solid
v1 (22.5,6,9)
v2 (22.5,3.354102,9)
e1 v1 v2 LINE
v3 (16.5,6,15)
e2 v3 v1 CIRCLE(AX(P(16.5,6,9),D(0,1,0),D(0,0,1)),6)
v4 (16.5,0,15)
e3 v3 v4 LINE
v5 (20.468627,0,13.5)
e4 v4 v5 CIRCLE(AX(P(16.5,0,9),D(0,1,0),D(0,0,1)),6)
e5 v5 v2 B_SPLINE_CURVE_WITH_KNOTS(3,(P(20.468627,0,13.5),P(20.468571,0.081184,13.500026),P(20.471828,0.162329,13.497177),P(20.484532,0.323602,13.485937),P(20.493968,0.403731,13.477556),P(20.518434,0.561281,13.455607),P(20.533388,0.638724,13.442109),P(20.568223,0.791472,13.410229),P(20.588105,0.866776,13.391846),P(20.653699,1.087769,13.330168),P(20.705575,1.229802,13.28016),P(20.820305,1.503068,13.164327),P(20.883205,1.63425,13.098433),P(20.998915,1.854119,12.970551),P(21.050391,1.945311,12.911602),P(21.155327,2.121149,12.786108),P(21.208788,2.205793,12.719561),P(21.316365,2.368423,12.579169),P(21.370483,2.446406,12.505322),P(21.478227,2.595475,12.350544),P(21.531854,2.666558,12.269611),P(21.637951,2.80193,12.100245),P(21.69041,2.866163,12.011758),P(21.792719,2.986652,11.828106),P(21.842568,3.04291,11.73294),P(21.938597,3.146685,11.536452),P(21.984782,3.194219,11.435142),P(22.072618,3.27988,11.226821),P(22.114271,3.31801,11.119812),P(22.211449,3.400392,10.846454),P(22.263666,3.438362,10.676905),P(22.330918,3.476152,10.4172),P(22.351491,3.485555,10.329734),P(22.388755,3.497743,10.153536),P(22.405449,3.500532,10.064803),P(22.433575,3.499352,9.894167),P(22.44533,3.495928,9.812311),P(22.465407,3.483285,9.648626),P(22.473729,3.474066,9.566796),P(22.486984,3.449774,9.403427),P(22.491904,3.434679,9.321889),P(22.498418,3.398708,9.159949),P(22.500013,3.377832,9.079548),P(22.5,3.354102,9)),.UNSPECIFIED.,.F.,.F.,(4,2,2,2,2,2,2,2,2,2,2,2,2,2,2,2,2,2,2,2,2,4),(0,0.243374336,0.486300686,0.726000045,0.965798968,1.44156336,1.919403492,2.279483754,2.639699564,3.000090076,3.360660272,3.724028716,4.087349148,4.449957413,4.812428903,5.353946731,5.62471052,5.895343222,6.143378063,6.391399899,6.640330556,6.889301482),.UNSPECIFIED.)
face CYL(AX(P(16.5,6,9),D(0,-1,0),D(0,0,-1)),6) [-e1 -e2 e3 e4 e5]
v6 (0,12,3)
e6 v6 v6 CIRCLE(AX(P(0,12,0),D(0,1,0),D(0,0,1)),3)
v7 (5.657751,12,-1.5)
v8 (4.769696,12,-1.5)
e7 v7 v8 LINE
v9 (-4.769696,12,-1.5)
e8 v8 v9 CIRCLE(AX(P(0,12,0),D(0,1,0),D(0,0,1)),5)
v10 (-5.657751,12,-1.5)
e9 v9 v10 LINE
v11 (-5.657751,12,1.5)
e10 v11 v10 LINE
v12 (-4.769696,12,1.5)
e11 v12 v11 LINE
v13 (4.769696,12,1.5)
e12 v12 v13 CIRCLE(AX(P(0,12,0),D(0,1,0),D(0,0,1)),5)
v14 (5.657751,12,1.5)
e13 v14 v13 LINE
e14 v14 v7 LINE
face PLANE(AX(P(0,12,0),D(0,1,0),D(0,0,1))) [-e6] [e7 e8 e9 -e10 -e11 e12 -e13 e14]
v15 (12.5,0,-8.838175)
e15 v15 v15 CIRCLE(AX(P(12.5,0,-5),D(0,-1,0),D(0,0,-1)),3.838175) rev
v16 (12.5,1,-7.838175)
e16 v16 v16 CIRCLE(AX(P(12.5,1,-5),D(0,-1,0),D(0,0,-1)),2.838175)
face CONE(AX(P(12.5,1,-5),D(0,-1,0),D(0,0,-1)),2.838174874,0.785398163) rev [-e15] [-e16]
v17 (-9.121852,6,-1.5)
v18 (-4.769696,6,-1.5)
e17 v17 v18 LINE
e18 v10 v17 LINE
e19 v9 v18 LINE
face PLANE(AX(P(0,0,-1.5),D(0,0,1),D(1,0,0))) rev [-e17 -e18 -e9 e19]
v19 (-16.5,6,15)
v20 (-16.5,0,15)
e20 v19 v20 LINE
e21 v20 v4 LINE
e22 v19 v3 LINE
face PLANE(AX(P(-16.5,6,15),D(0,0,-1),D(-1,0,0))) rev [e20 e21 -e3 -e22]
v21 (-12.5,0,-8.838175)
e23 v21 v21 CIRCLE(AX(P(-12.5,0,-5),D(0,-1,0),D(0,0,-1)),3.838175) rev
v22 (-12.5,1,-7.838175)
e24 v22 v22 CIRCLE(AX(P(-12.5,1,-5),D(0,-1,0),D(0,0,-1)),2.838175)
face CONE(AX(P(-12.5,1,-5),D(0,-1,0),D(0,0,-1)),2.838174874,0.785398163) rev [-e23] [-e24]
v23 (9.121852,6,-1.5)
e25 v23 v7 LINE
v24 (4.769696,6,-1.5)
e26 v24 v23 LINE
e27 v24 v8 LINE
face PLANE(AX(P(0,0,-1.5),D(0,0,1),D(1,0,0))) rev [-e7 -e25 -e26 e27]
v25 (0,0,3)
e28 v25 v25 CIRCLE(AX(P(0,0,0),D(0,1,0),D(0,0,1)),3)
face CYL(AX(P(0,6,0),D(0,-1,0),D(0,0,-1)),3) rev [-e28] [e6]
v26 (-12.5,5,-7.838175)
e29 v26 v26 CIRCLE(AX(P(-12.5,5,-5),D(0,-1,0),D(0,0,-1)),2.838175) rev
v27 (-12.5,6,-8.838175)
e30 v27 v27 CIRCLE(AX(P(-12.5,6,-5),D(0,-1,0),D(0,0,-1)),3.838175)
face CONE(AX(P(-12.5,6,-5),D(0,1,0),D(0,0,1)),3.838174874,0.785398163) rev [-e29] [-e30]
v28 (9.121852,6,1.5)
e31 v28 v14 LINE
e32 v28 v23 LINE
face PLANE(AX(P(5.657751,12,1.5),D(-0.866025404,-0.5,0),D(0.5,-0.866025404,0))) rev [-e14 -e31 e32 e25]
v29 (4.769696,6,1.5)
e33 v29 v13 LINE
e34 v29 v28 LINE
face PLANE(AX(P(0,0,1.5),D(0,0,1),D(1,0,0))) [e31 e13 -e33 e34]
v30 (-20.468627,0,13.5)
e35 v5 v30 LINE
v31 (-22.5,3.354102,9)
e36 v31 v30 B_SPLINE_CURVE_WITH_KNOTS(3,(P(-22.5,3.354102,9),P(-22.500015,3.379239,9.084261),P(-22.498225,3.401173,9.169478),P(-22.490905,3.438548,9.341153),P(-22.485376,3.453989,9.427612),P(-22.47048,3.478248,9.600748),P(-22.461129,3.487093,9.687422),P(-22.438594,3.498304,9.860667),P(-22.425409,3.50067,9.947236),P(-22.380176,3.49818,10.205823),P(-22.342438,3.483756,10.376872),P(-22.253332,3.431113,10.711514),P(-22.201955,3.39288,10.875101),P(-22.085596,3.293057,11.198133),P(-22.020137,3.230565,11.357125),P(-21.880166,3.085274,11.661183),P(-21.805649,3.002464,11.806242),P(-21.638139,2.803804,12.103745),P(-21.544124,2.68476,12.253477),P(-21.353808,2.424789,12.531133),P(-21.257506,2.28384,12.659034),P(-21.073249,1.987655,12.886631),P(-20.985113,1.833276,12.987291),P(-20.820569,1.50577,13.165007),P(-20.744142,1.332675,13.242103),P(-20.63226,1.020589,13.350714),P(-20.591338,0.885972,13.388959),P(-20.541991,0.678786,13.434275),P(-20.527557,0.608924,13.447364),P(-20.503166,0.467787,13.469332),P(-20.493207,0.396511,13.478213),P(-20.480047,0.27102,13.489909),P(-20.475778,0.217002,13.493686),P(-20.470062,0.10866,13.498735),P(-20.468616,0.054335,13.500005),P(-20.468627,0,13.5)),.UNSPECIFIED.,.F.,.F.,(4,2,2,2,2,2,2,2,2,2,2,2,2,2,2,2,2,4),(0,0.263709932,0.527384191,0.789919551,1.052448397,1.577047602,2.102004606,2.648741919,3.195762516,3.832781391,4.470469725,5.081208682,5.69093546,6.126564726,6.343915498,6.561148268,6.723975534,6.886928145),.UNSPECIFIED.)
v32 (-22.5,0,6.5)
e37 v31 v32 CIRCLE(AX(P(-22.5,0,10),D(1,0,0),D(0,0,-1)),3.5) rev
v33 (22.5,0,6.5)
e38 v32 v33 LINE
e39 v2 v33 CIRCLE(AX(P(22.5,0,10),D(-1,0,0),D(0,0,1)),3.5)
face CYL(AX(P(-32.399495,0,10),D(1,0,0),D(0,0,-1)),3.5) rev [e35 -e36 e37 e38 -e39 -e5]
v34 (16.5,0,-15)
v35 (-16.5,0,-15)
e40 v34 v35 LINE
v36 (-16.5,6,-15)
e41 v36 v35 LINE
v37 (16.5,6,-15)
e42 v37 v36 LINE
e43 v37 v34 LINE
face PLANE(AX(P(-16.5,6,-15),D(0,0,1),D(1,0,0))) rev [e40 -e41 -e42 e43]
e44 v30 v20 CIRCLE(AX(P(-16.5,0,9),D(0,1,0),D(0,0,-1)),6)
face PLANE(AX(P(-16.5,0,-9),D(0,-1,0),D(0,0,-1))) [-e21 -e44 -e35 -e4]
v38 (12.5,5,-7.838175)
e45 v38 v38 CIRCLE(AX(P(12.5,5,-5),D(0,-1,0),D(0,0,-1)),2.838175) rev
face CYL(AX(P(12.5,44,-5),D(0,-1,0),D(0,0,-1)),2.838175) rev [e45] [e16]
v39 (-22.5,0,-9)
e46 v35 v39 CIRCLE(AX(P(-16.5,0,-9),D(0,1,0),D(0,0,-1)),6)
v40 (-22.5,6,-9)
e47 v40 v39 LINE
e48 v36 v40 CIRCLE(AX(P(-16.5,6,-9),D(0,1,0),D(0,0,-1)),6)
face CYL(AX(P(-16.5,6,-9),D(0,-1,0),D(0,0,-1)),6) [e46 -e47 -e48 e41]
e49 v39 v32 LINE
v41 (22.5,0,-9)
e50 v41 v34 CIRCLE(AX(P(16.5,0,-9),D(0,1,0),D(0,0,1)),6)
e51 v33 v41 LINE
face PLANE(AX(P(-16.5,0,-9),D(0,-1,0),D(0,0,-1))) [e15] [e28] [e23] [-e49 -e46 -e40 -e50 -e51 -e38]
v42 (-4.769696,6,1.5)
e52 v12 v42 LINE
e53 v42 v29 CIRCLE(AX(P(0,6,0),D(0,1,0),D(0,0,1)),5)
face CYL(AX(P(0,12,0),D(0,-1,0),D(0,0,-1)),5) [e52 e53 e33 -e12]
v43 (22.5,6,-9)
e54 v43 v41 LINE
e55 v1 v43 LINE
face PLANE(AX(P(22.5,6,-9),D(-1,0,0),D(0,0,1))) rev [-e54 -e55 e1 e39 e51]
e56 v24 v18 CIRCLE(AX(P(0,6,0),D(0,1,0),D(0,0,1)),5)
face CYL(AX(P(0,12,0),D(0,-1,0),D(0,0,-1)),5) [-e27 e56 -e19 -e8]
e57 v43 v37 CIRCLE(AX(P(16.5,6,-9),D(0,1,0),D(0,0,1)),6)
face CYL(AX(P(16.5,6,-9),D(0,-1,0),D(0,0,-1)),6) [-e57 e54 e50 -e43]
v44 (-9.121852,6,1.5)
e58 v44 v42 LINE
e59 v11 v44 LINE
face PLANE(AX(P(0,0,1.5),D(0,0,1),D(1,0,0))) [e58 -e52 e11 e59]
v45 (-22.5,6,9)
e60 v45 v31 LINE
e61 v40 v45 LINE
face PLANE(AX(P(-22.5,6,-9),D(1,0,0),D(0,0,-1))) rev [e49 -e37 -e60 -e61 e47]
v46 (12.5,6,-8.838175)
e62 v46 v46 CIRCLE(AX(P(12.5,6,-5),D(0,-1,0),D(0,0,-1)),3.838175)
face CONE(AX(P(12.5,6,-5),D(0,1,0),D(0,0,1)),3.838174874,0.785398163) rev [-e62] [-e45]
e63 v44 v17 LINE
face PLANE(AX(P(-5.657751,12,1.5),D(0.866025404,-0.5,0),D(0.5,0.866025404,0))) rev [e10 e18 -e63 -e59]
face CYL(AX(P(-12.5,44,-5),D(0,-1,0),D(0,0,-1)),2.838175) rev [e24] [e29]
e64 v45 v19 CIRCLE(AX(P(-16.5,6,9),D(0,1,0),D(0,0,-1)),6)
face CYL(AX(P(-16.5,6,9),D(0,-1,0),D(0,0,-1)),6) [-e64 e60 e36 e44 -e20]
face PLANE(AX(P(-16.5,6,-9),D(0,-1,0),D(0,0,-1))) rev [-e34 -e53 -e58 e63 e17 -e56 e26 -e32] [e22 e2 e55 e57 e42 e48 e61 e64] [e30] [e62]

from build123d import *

# Parameters (mm, degrees)
IZIM1_R                           = 3
Y_KSEKLIK_EKSTR_ZYON1_DEPTH       = 6
IZIM2_R                           = 5
IZIM2_R_2                         = 3
Y_KSEKLIK_EKSTR_ZYON2_DEPTH       = 6
Y_KSEKLIK_EKSTR_ZYON3_DEPTH       = 1.5
KES_EKSTR_ZYON1_REACH             = 31.585
IZIM5_R                           = 3.5
KES_EKSTR_ZYON1_DIRECTION_2_REACH = 31.585
IZIM6_R                           = 2.838174874
KES_EKSTR_ZYON2_DEPTH             = 44
PAH1_SIZE                         = 1


with BuildPart() as part:
    # Çizim1 → Yükseklik-Ekstrüzyon1 (new body)
    with BuildSketch(Plane(origin=(0, 0, 0), x_dir=(1, 0, 0), z_dir=(0, 1, 0))):
        with BuildLine():
            Line((-16.5, 15), (16.5, 15))
            ThreePointArc((16.5, 15), (20.742640687, 13.242640687), (22.5, 9))
            Line((22.5, 9), (22.5, -9))
            ThreePointArc((22.5, -9), (20.742640687, -13.242640687), (16.5, -15))
            Line((16.5, -15), (-16.5, -15))
            ThreePointArc((-16.5, -15), (-20.742640687, -13.242640687), (-22.5, -9))
            Line((-22.5, -9), (-22.5, 9))
            ThreePointArc((-22.5, 9), (-20.742640687, 13.242640687), (-16.5, 15))
        make_face()
        with Locations(Location((0, 0, 0), (0, 0, 270))):
            Circle(IZIM1_R, mode=Mode.SUBTRACT)
    extrude(amount=Y_KSEKLIK_EKSTR_ZYON1_DEPTH)

    # Çizim2 → Yükseklik-Ekstrüzyon2 (add)
    with BuildSketch(Plane(origin=(0, 6, 0), x_dir=(1, 0, 0), z_dir=(0, 1, 0))):
        with Locations(Location((0, 0, 0), (0, 0, 270))):
            Circle(IZIM2_R)
        with Locations(Location((0, 0, 0), (0, 0, 270))):
            Circle(IZIM2_R_2, mode=Mode.SUBTRACT)
    extrude(amount=Y_KSEKLIK_EKSTR_ZYON2_DEPTH)

    # Çizim4 → Yükseklik-Ekstrüzyon3 (add, symmetric)
    with BuildSketch(Plane.XY):
        Polygon((-5.65775064, 12), (-3.798545346, 12), (-3.798545346, 6), (-9.121852255, 6), align=None)
        Polygon((3.798545346, 12), (3.798545346, 6), (9.121852255, 6), (5.65775064, 12), align=None)
    extrude(amount=Y_KSEKLIK_EKSTR_ZYON3_DEPTH, both=True)

    # Kes-Ekstrüzyon1: up to this face of the body (flat: up to its plane)
    kes_ekstr_zyon1_end = Plane(part.part.faces().sort_by_distance((-22.5, 3, 0))[0])
    # Çizim5 → Kes-Ekstrüzyon1 (cut, up to the picked face)
    with BuildSketch(Plane(origin=(0, 0, 0), x_dir=(0, 0, -1), z_dir=(1, 0, 0)), mode=Mode.PRIVATE) as kes_ekstr_zyon1_sk1:
        with Locations((-10, 0)):
            Circle(IZIM5_R)
    kes_ekstr_zyon1_tool1 = split(extrude(kes_ekstr_zyon1_sk1.sketch, amount=-KES_EKSTR_ZYON1_REACH, mode=Mode.PRIVATE), bisect_by=kes_ekstr_zyon1_end, keep=Keep.BOTH, mode=Mode.PRIVATE)
    add(kes_ekstr_zyon1_tool1.solids().sort_by(Axis((0, 0, 10), (-1, 0, 0)))[0], mode=Mode.SUBTRACT)

    # Kes-Ekstrüzyon1 direction 2: up to this face of the body (flat: up to its plane)
    kes_ekstr_zyon1_direction_2_end = Plane(part.part.faces().sort_by_distance((22.5, 3, 0))[0])
    # Çizim5 → Kes-Ekstrüzyon1 direction 2 (cut, up to the picked face)
    with BuildSketch(Plane(origin=(0, 0, 0), x_dir=(0, 0, -1), z_dir=(1, 0, 0)), mode=Mode.PRIVATE) as kes_ekstr_zyon1_direction_2_sk1:
        with Locations((-10, 0)):
            Circle(IZIM5_R)
    kes_ekstr_zyon1_direction_2_tool1 = split(extrude(kes_ekstr_zyon1_direction_2_sk1.sketch, amount=KES_EKSTR_ZYON1_DIRECTION_2_REACH, mode=Mode.PRIVATE), bisect_by=kes_ekstr_zyon1_direction_2_end, keep=Keep.BOTH, mode=Mode.PRIVATE)
    add(kes_ekstr_zyon1_direction_2_tool1.solids().sort_by(Axis((0, 0, 10), (1, 0, 0)))[0], mode=Mode.SUBTRACT)

    # Çizim6 → Kes-Ekstrüzyon2 (cut)
    with BuildSketch(Plane.XZ):
        with Locations(Location((-12.5, -5, 0), (0, 0, 270))):
            Circle(IZIM6_R)
        with Locations(Location((12.5, -5, 0), (0, 0, 270))):
            Circle(IZIM6_R)
    extrude(amount=-KES_EKSTR_ZYON2_DEPTH, mode=Mode.SUBTRACT)

    # Pah1
    pah1_edges = [part.edges().sort_by_distance(p)[0] for p in [
        (-12.5, 6, -2.161825126),
        (-12.5, 0, -2.161825126),
        (12.5, 6, -2.161825126),
        (12.5, 0, -2.161825126),
    ]]
    chamfer(pah1_edges, length=PAH1_SIZE)


solid = part.part
